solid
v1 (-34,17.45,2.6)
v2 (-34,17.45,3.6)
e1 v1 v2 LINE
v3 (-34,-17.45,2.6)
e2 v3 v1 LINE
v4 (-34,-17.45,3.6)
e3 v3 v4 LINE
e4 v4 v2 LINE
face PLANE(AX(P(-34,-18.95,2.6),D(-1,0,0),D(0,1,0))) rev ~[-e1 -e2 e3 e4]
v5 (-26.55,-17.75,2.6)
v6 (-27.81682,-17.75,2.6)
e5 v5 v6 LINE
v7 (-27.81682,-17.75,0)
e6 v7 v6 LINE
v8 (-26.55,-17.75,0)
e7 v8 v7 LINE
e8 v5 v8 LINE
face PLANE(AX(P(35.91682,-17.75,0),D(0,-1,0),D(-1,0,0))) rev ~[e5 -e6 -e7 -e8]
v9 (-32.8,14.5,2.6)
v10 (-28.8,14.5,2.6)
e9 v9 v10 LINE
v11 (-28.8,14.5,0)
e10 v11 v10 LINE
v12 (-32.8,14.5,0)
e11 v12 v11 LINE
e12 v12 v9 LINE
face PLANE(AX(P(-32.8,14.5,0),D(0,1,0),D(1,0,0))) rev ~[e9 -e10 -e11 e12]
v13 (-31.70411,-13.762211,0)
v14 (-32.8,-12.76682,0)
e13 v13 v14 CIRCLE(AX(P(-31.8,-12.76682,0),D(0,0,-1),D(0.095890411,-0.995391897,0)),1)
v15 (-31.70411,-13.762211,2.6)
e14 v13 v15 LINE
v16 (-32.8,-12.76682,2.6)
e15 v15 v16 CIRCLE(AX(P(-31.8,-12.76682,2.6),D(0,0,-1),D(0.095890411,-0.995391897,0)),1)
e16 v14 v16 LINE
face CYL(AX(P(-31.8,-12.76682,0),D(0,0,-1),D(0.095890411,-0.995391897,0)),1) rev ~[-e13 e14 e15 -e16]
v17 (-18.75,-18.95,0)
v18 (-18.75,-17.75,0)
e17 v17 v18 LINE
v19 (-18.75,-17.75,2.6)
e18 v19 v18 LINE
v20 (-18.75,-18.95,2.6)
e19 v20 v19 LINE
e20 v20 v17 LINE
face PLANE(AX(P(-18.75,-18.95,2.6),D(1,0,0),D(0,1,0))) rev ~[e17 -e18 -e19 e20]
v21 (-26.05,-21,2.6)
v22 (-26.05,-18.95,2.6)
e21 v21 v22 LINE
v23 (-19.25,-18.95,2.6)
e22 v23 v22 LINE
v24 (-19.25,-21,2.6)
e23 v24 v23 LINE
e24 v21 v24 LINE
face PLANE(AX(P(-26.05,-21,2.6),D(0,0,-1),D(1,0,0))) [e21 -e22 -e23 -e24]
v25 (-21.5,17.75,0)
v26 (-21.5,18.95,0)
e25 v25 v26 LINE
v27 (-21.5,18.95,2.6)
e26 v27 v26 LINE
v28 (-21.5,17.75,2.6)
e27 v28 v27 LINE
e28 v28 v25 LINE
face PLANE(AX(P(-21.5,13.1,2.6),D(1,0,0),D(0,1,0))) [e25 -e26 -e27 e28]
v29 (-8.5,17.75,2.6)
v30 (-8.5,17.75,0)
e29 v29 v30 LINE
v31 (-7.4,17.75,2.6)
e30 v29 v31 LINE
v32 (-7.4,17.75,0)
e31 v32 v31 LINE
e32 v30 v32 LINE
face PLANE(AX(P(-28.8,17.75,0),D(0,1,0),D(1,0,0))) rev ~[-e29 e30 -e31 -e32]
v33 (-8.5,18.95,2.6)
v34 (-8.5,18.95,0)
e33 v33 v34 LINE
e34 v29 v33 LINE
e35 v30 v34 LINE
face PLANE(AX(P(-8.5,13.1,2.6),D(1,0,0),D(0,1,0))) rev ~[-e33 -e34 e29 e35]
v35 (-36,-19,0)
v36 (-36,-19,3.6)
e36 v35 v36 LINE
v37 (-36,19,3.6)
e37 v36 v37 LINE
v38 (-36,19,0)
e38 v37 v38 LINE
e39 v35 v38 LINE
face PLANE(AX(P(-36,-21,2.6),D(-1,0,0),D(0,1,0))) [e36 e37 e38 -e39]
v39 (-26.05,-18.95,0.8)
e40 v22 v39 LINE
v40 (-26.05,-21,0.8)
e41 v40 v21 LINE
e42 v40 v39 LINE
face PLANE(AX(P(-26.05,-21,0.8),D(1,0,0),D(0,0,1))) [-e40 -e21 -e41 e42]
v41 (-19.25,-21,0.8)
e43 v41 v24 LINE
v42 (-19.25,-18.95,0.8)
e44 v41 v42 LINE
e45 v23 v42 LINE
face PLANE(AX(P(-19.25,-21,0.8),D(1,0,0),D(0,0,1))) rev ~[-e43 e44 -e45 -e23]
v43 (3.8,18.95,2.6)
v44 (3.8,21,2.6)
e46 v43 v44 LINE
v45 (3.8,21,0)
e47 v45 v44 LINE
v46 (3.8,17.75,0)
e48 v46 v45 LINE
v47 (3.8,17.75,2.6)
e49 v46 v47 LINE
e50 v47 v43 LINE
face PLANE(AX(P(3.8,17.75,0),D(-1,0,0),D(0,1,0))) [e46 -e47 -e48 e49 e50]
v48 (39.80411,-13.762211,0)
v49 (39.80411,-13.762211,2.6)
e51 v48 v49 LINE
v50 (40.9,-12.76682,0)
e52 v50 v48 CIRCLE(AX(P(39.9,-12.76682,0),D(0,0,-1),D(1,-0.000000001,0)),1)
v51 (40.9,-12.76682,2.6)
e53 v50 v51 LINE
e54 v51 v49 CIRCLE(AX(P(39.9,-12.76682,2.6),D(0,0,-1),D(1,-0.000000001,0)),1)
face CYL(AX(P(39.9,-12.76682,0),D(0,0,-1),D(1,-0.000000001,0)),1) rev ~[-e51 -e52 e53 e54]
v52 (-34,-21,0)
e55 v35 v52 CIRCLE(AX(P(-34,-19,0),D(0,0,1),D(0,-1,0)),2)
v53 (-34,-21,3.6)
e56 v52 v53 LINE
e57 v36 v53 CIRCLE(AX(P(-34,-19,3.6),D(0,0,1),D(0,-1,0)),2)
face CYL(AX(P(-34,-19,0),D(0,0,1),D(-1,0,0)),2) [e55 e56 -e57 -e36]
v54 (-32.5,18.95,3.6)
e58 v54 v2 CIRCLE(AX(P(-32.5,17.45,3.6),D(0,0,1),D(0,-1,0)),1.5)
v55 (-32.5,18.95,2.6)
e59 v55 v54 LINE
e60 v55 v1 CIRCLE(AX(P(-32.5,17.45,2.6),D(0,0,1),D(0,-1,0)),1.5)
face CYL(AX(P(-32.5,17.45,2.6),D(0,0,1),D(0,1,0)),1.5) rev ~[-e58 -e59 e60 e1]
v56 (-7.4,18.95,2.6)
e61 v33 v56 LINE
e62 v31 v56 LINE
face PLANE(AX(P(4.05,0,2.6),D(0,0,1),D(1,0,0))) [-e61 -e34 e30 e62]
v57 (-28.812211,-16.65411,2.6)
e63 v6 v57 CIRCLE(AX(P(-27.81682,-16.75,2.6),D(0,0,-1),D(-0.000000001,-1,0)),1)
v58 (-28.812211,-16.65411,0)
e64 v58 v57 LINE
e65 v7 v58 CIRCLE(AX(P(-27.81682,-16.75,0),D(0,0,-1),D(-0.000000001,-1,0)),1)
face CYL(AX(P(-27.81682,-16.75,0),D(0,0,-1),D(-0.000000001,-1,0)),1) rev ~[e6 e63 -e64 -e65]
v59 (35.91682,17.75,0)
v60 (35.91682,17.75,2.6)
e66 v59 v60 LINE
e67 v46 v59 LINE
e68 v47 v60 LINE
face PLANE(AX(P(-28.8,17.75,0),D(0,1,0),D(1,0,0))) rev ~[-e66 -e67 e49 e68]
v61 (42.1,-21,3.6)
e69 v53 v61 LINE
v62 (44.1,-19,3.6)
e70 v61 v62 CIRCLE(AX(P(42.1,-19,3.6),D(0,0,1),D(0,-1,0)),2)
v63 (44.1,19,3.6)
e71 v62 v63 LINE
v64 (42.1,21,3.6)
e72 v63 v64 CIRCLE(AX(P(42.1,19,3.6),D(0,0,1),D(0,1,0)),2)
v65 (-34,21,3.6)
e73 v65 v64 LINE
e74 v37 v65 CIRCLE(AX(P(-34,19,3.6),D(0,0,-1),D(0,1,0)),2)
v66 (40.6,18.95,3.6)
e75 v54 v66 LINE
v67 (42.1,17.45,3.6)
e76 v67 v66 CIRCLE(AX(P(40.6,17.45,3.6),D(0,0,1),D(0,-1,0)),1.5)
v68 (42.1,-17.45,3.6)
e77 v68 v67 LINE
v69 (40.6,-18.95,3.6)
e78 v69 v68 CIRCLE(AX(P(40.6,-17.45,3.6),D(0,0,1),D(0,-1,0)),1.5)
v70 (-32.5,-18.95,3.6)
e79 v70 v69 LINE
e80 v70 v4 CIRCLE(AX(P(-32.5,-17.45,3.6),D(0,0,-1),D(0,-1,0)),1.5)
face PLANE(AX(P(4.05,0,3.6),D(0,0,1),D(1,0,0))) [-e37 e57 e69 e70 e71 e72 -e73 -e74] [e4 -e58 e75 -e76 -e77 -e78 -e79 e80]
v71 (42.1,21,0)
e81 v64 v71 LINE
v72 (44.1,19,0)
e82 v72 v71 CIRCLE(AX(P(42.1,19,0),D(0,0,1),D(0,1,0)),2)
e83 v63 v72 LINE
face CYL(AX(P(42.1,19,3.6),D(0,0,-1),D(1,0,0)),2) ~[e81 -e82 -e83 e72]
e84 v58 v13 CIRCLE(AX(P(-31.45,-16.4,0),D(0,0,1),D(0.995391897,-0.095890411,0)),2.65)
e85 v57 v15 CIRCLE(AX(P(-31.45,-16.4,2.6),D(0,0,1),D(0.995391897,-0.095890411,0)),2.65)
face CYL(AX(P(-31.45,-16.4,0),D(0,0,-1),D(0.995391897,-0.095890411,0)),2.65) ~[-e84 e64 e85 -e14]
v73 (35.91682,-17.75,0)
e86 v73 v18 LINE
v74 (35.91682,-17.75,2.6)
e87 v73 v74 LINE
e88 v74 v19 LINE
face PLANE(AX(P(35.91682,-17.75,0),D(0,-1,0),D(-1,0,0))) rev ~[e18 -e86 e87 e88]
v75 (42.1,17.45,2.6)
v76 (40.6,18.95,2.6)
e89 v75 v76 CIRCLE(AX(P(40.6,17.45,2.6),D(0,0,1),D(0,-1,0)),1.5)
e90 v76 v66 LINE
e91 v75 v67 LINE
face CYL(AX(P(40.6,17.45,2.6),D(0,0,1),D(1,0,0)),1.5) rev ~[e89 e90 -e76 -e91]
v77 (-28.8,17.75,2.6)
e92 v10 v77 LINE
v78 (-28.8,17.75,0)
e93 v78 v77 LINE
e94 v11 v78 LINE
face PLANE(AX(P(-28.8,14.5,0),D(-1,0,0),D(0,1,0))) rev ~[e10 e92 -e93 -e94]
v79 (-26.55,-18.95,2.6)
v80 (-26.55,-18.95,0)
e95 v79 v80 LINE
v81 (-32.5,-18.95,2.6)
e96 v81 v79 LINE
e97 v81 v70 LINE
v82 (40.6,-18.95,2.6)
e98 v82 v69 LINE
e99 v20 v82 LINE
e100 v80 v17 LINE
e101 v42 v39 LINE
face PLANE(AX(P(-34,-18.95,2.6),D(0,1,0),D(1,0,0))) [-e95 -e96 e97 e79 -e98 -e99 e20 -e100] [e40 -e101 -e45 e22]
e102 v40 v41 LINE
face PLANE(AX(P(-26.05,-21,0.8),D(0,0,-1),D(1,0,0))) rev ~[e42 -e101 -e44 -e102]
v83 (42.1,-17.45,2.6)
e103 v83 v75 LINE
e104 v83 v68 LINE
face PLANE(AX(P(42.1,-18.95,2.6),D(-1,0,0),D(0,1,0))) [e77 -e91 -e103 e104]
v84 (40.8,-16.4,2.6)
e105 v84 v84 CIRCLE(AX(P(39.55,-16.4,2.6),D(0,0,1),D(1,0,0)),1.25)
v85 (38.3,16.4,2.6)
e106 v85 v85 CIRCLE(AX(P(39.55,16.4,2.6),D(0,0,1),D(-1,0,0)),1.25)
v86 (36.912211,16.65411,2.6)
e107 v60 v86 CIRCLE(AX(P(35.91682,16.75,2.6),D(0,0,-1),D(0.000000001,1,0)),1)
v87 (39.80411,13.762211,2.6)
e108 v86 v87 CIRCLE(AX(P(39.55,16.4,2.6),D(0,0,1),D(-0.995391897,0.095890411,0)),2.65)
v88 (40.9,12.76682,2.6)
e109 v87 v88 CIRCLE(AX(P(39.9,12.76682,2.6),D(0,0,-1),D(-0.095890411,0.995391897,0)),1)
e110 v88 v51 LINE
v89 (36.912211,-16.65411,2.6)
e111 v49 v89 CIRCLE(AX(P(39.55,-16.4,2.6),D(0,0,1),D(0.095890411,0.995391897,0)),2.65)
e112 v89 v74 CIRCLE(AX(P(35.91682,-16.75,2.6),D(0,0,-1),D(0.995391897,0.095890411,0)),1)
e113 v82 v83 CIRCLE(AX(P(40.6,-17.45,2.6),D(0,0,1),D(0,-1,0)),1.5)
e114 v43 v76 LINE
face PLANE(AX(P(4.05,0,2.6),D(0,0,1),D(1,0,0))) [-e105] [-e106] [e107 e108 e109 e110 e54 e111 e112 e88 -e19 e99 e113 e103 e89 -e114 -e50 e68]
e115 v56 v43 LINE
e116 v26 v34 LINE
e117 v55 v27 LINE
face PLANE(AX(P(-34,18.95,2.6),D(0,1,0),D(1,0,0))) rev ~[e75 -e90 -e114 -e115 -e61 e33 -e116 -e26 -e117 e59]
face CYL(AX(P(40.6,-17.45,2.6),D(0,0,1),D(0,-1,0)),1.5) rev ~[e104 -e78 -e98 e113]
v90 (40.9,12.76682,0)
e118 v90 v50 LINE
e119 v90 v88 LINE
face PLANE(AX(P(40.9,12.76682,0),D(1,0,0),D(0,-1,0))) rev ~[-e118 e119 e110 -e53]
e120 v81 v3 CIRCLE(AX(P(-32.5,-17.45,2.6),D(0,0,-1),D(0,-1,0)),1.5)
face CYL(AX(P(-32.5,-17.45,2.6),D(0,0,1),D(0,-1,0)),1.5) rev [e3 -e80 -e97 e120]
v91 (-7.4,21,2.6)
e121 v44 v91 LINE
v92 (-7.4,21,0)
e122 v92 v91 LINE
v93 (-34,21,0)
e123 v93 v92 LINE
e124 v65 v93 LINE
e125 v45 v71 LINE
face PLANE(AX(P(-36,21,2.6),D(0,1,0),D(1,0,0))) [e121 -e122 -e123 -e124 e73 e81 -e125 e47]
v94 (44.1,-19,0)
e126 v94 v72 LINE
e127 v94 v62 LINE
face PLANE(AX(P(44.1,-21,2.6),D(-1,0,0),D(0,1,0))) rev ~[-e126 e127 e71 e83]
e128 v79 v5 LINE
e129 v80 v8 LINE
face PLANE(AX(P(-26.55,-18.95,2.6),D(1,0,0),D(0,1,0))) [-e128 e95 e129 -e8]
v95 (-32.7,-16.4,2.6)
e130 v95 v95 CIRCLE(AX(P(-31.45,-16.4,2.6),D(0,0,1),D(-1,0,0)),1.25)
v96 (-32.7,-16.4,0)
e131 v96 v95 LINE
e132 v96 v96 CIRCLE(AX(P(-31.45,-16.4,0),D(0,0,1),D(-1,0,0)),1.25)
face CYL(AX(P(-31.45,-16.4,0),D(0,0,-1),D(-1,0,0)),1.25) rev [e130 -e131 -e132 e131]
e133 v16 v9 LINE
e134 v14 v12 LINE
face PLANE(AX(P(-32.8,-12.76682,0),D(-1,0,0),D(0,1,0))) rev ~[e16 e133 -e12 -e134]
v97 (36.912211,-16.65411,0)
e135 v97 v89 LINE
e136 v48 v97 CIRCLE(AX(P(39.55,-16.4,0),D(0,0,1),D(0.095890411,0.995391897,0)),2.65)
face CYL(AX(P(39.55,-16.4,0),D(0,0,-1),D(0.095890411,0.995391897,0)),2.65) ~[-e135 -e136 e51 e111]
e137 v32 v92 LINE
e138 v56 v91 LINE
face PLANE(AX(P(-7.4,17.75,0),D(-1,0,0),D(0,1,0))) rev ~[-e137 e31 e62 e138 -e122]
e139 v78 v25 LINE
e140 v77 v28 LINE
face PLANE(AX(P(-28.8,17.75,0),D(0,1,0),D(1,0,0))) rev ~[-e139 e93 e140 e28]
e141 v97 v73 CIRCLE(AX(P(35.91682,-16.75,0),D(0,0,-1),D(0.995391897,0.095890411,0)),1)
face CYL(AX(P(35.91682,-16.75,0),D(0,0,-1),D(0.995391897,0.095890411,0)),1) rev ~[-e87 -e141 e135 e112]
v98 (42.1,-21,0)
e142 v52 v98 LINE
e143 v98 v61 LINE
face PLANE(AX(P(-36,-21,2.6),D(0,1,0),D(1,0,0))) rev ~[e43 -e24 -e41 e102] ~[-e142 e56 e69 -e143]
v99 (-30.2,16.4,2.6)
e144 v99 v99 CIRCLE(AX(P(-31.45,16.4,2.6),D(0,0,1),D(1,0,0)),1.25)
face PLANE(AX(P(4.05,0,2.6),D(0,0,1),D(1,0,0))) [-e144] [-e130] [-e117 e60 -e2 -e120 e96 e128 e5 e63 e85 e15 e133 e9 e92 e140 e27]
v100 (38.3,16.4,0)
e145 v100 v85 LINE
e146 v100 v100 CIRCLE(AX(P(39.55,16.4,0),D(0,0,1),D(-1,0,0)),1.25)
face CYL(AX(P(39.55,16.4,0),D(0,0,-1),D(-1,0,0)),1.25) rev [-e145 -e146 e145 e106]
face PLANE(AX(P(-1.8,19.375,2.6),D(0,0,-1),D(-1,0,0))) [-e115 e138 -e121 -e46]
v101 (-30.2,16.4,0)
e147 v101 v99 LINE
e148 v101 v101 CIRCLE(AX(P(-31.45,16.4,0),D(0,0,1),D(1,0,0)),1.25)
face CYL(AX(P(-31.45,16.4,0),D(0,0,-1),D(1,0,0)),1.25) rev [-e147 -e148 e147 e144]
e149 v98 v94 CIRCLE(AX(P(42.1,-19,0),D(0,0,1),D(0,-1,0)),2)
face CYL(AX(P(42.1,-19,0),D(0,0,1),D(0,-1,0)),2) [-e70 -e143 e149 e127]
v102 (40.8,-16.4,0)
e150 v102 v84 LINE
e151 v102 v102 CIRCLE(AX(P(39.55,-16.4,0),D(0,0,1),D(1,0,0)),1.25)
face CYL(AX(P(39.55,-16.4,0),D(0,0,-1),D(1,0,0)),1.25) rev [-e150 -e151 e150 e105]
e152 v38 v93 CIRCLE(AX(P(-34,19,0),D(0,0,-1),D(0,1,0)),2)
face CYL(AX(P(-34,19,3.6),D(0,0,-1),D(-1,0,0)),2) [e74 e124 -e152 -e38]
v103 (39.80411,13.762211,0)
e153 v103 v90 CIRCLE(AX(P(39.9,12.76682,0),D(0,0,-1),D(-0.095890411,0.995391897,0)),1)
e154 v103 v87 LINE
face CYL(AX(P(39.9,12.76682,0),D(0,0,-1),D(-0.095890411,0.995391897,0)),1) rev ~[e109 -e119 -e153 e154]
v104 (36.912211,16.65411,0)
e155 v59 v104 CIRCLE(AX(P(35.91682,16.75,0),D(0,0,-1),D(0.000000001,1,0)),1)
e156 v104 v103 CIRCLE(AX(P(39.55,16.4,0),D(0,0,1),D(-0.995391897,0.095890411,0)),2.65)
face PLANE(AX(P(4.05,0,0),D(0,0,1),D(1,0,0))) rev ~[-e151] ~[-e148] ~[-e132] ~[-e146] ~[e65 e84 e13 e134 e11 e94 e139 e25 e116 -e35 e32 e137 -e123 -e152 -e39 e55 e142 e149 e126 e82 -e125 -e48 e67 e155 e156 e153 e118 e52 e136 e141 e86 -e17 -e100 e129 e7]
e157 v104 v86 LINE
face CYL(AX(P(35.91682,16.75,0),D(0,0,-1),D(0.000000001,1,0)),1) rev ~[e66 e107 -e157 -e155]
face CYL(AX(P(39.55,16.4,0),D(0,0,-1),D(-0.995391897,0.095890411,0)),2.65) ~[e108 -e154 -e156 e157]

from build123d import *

# Parameters (mm, degrees)
SKETCH1_W           = 80.1
SKETCH1_H           = 42
SKETCH1_R           = 1.25
BOSS_EXTRUDE1_DEPTH = 2.6
SKETCH2_W           = 80.1
SKETCH2_H           = 42
SKETCH2_W_2         = 76.1
SKETCH2_H_2         = 37.9
BOSS_EXTRUDE2_DEPTH = 1
FILLET1_R           = 2
FILLET2_R           = 1.5
SKETCH3_W           = 13
SKETCH3_H           = 5.85
CUT_EXTRUDE1_DEPTH  = 49.913903954
SKETCH4_W           = 7.8
SKETCH4_H           = 1.2
CUT_EXTRUDE2_DEPTH  = 49.913903954
SKETCH5_W           = 6.8
SKETCH5_H           = 1.8
CUT_USB_DEPTH       = 4
SKETCH6_W           = 11.2
SKETCH6_H           = 3.25
CUT_PILL_DEPTH      = 2.6


with BuildPart() as part:
    # Sketch1 → Boss-Extrude1 (new body)
    with BuildSketch(Plane.XY):
        with Locations((4.05, 0)):
            Rectangle(SKETCH1_W, SKETCH1_H)
        with Locations((39.55, -16.4)):
            Circle(SKETCH1_R, mode=Mode.SUBTRACT)
        with Locations(Location((-31.45, -16.4, 0), (0, 0, 180))):
            Circle(SKETCH1_R, mode=Mode.SUBTRACT)
        with Locations(Location((39.55, 16.4, 0), (0, 0, 180))):
            Circle(SKETCH1_R, mode=Mode.SUBTRACT)
        with Locations((-31.45, 16.4)):
            Circle(SKETCH1_R, mode=Mode.SUBTRACT)
        with BuildLine():
            Line((35.916819575, -17.75), (-27.816819575, -17.75))
            ThreePointArc((-27.816819575, -17.75), (-28.557052785, -17.422350202), (-28.812211472, -16.654109589))
            ThreePointArc((-28.812211472, -16.654109589), (-29.57616703, -14.52616703), (-31.704109589, -13.762211472))
            ThreePointArc((-31.704109589, -13.762211472), (-32.472350202, -13.507052785), (-32.8, -12.766819575))
            Line((-32.8, -12.766819575), (-32.8, 14.5))
            Line((-32.8, 14.5), (-28.8, 14.5))
            Line((-28.8, 14.5), (-28.8, 17.75))
            Line((-28.8, 17.75), (-27.816819575, 17.75))
            Line((-27.816819575, 17.75), (35.916819575, 17.75))
            ThreePointArc((35.916819575, 17.75), (36.657052785, 17.422350202), (36.912211472, 16.654109589))
            ThreePointArc((36.912211472, 16.654109589), (37.67616703, 14.52616703), (39.804109589, 13.762211472))
            ThreePointArc((39.804109589, 13.762211472), (40.572350202, 13.507052785), (40.9, 12.766819575))
            Line((40.9, 12.766819575), (40.9, -12.766819575))
            ThreePointArc((40.9, -12.766819575), (40.572350202, -13.507052785), (39.804109589, -13.762211472))
            ThreePointArc((39.804109589, -13.762211472), (37.67616703, -14.52616703), (36.912211472, -16.654109589))
            ThreePointArc((36.912211472, -16.654109589), (36.657052785, -17.422350202), (35.916819575, -17.75))
        make_face(mode=Mode.SUBTRACT)
    extrude(amount=BOSS_EXTRUDE1_DEPTH)

    # Sketch2 → Boss-Extrude2 (add)
    with BuildSketch(Plane.XY.offset(2.6)):
        with Locations((4.05, 0)):
            Rectangle(SKETCH2_W, SKETCH2_H)
        with Locations((4.05, 0)):
            Rectangle(SKETCH2_W_2, SKETCH2_H_2, mode=Mode.SUBTRACT)
    extrude(amount=BOSS_EXTRUDE2_DEPTH)

    # Fillet1
    fillet1_edges = [part.edges().sort_by_distance(p)[0] for p in [
        (44.1, -21, 1.8),
        (-36, -21, 1.8),
        (-36, 21, 1.8),
        (44.1, 21, 1.8),
    ]]
    fillet(fillet1_edges, radius=FILLET1_R)

    # Fillet2
    fillet2_edges = [part.edges().sort_by_distance(p)[0] for p in [
        (-34, -18.95, 3.1),
        (42.1, -18.95, 3.1),
        (42.1, 18.95, 3.1),
        (-34, 18.95, 3.1),
    ]]
    fillet(fillet2_edges, radius=FILLET2_R)

    # Sketch3 → Cut-Extrude1 (cut, through all)
    with BuildSketch(Plane.XY.offset(2.6)):
        with Locations((-15, 16.025)):
            Rectangle(SKETCH3_W, SKETCH3_H)
    extrude(amount=-CUT_EXTRUDE1_DEPTH, mode=Mode.SUBTRACT)

    # Sketch4 → Cut-Extrude2 (cut, through all)
    with BuildSketch(Plane.XY.offset(2.6)):
        with Locations((-22.65, -18.35)):
            Rectangle(SKETCH4_W, SKETCH4_H)
    extrude(amount=-CUT_EXTRUDE2_DEPTH, mode=Mode.SUBTRACT)

    # Sketch5 → Cut-USB (cut)
    with BuildSketch(Plane.XZ.offset(21)):
        with Locations((-22.65, 1.7)):
            Rectangle(SKETCH5_W, SKETCH5_H)
    extrude(amount=-CUT_USB_DEPTH, mode=Mode.SUBTRACT)

    # Sketch6 → Cut-Pill (cut)
    with BuildSketch(Plane(origin=(0, 0, 0), x_dir=(-1, 0, 0), z_dir=(0, 0, -1))):
        with Locations((1.8, 19.375)):
            Rectangle(SKETCH6_W, SKETCH6_H)
    extrude(amount=-CUT_PILL_DEPTH, mode=Mode.SUBTRACT)


solid = part.part
